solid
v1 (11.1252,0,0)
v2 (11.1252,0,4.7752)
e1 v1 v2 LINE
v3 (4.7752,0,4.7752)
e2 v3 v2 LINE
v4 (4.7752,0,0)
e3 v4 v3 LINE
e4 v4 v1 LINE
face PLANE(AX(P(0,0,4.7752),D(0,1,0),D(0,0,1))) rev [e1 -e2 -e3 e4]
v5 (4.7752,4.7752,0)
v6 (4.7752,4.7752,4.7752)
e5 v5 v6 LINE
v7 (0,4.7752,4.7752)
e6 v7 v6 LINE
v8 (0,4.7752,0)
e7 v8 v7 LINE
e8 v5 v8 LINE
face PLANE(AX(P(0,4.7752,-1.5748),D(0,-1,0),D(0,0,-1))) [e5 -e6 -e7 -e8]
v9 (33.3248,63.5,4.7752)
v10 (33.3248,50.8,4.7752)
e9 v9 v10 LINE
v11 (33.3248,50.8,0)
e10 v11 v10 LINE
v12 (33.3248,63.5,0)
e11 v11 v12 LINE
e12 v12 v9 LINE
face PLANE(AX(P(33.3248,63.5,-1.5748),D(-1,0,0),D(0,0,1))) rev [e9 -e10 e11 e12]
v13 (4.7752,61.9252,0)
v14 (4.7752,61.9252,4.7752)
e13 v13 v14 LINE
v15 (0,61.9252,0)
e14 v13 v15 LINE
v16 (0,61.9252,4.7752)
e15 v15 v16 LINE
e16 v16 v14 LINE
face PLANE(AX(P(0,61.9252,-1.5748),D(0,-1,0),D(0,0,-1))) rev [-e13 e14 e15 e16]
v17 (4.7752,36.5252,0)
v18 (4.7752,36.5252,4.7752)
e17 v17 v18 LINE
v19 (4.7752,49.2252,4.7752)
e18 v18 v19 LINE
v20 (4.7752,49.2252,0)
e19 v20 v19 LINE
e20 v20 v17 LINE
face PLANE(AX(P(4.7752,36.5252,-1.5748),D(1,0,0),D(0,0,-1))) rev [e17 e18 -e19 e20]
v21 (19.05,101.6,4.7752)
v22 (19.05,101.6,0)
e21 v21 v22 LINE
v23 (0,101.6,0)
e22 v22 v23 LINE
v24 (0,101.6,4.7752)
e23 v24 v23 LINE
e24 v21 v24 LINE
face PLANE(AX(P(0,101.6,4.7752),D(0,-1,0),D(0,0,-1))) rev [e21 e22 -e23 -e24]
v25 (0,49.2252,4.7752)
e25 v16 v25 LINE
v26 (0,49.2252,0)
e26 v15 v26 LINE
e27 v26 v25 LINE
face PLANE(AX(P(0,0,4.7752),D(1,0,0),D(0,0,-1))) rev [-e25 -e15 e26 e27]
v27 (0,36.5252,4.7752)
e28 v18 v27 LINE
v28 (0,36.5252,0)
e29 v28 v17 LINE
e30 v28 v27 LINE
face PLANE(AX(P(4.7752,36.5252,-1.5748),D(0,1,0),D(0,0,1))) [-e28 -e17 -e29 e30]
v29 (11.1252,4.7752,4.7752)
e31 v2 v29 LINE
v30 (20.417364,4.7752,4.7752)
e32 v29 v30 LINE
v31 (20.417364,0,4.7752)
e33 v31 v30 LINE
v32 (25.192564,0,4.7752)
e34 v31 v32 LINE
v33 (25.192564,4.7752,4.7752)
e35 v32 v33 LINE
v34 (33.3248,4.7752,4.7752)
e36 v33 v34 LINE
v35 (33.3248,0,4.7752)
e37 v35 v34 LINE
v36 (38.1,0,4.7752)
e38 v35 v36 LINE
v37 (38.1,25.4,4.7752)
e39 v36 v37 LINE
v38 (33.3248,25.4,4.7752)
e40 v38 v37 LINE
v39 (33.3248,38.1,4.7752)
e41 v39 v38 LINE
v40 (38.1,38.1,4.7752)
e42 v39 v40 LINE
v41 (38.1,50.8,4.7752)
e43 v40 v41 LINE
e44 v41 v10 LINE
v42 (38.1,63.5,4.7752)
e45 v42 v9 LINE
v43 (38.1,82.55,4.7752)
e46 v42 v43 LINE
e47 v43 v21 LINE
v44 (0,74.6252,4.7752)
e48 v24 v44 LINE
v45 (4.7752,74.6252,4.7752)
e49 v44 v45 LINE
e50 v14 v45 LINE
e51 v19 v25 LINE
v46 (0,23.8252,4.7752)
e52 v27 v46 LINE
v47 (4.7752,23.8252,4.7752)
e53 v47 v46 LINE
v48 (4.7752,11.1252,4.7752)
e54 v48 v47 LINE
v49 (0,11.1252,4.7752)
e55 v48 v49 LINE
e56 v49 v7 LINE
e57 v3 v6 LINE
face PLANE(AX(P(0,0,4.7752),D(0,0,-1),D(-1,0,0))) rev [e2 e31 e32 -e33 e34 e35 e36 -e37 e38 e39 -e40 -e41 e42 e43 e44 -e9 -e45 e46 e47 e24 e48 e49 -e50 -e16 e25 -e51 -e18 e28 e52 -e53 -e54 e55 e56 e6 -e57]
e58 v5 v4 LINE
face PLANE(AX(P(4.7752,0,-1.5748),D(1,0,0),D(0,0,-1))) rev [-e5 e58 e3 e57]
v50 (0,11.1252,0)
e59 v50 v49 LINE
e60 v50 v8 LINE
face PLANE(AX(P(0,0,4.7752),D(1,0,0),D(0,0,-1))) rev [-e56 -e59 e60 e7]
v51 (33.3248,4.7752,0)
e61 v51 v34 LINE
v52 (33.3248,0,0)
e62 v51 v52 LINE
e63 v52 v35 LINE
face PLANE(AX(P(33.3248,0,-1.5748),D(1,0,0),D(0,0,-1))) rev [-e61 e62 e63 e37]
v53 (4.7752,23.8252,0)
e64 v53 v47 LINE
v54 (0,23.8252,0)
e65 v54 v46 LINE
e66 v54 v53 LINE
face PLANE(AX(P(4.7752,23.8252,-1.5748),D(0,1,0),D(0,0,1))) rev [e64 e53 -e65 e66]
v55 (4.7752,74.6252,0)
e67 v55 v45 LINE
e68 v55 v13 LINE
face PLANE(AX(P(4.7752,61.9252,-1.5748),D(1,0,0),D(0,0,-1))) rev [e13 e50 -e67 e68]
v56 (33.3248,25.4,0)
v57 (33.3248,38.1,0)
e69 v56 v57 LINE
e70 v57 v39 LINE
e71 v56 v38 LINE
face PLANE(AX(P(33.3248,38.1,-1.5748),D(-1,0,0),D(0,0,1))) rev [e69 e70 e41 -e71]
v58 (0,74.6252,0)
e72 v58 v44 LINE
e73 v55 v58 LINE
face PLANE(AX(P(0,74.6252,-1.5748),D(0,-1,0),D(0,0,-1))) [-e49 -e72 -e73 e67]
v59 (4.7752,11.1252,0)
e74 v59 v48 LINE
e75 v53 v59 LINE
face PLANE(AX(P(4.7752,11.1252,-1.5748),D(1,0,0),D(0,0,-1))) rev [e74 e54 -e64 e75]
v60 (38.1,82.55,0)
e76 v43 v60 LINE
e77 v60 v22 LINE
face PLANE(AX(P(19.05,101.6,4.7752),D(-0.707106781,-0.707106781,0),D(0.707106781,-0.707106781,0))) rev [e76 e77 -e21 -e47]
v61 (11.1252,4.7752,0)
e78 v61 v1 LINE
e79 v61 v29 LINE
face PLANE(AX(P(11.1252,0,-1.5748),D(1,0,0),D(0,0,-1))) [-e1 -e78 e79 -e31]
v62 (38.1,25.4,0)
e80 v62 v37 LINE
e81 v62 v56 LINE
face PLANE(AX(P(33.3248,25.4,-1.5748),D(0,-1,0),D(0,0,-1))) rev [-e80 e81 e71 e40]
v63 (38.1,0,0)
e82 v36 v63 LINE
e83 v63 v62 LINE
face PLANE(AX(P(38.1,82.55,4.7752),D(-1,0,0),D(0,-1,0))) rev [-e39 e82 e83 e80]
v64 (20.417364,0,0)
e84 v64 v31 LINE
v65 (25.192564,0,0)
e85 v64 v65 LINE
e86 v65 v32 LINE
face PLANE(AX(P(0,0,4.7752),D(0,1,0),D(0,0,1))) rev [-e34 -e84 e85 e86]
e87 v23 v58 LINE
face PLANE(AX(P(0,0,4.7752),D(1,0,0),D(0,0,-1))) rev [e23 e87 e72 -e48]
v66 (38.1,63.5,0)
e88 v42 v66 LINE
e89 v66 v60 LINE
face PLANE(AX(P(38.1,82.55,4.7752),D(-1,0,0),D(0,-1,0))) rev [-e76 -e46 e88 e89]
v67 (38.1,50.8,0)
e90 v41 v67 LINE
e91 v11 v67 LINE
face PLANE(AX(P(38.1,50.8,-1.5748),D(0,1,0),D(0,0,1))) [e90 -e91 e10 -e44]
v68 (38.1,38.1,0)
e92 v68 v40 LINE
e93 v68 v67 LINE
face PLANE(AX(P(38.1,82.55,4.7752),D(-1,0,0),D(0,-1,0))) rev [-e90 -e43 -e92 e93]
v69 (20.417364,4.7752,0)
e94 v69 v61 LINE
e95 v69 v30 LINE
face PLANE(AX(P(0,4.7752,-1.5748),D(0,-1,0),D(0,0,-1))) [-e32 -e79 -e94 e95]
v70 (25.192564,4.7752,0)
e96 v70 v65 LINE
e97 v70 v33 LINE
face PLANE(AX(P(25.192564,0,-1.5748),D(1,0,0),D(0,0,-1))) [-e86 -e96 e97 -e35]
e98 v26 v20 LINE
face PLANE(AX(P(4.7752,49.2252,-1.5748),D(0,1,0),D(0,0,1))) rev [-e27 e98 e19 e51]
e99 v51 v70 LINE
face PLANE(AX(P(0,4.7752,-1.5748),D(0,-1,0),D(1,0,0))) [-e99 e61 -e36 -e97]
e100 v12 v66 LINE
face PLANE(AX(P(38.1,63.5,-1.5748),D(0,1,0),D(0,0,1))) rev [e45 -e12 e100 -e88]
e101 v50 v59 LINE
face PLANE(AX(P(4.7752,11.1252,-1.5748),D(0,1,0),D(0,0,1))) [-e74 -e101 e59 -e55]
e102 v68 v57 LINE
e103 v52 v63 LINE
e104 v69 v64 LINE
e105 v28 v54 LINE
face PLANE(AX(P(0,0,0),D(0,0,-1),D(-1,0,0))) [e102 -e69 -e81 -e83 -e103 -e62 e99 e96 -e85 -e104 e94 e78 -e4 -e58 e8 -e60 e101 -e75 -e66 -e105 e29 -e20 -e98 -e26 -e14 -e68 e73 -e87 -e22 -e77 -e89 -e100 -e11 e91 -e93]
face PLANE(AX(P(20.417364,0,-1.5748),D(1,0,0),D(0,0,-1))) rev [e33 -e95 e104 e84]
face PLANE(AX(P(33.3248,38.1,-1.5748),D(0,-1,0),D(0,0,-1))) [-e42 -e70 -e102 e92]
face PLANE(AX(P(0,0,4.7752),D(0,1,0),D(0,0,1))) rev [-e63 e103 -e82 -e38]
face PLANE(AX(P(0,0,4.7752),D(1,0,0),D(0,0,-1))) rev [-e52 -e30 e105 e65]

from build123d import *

# Parameters (mm, degrees)
BOSS_EXTRUDE1_DEPTH = 4.7752
SKETCH3_W           = 4.7752
SKETCH3_H           = 4.7752
SKETCH3_W_2         = 9.292163612
SKETCH3_W_3         = 8.132236388
CUT_EXTRUDE2_DEPTH  = 6.35
SKETCH6_W           = 4.7752
SKETCH6_H           = 12.7
CUT_EXTRUDE3_DEPTH  = 6.35


with BuildPart() as part:
    # Sketch2 → Boss-Extrude1 (new body)
    with BuildSketch(Plane.XY):
        Polygon((0, 0), (38.1, 0), (38.1, 82.55), (19.05, 101.6), (0, 101.6), align=None)
    extrude(amount=BOSS_EXTRUDE1_DEPTH)

    # Sketch3 → Cut-Extrude2 (cut)
    with BuildSketch(Plane.XY.offset(4.7752)):
        with Locations((2.3876, 2.3876)):
            Rectangle(SKETCH3_W, SKETCH3_H)
        with Locations((15.771281806, 2.3876)):
            Rectangle(SKETCH3_W_2, SKETCH3_H)
        with Locations((29.258681806, 2.3876)):
            Rectangle(SKETCH3_W_3, SKETCH3_H)
    extrude(amount=-CUT_EXTRUDE2_DEPTH, mode=Mode.SUBTRACT)

    # Sketch6 → Cut-Extrude3 (cut)
    with BuildSketch(Plane.XY.offset(4.7752)):
        with Locations((2.3876, 17.4752)):
            Rectangle(SKETCH6_W, SKETCH6_H)
        with Locations((2.3876, 42.8752)):
            Rectangle(SKETCH6_W, SKETCH6_H)
        with Locations((2.3876, 68.2752)):
            Rectangle(SKETCH6_W, SKETCH6_H)
        with Locations((35.7124, 57.15)):
            Rectangle(SKETCH6_W, SKETCH6_H)
        with Locations((35.7124, 31.75)):
            Rectangle(SKETCH6_W, SKETCH6_H)
    extrude(amount=-CUT_EXTRUDE3_DEPTH, mode=Mode.SUBTRACT)


solid = part.part
